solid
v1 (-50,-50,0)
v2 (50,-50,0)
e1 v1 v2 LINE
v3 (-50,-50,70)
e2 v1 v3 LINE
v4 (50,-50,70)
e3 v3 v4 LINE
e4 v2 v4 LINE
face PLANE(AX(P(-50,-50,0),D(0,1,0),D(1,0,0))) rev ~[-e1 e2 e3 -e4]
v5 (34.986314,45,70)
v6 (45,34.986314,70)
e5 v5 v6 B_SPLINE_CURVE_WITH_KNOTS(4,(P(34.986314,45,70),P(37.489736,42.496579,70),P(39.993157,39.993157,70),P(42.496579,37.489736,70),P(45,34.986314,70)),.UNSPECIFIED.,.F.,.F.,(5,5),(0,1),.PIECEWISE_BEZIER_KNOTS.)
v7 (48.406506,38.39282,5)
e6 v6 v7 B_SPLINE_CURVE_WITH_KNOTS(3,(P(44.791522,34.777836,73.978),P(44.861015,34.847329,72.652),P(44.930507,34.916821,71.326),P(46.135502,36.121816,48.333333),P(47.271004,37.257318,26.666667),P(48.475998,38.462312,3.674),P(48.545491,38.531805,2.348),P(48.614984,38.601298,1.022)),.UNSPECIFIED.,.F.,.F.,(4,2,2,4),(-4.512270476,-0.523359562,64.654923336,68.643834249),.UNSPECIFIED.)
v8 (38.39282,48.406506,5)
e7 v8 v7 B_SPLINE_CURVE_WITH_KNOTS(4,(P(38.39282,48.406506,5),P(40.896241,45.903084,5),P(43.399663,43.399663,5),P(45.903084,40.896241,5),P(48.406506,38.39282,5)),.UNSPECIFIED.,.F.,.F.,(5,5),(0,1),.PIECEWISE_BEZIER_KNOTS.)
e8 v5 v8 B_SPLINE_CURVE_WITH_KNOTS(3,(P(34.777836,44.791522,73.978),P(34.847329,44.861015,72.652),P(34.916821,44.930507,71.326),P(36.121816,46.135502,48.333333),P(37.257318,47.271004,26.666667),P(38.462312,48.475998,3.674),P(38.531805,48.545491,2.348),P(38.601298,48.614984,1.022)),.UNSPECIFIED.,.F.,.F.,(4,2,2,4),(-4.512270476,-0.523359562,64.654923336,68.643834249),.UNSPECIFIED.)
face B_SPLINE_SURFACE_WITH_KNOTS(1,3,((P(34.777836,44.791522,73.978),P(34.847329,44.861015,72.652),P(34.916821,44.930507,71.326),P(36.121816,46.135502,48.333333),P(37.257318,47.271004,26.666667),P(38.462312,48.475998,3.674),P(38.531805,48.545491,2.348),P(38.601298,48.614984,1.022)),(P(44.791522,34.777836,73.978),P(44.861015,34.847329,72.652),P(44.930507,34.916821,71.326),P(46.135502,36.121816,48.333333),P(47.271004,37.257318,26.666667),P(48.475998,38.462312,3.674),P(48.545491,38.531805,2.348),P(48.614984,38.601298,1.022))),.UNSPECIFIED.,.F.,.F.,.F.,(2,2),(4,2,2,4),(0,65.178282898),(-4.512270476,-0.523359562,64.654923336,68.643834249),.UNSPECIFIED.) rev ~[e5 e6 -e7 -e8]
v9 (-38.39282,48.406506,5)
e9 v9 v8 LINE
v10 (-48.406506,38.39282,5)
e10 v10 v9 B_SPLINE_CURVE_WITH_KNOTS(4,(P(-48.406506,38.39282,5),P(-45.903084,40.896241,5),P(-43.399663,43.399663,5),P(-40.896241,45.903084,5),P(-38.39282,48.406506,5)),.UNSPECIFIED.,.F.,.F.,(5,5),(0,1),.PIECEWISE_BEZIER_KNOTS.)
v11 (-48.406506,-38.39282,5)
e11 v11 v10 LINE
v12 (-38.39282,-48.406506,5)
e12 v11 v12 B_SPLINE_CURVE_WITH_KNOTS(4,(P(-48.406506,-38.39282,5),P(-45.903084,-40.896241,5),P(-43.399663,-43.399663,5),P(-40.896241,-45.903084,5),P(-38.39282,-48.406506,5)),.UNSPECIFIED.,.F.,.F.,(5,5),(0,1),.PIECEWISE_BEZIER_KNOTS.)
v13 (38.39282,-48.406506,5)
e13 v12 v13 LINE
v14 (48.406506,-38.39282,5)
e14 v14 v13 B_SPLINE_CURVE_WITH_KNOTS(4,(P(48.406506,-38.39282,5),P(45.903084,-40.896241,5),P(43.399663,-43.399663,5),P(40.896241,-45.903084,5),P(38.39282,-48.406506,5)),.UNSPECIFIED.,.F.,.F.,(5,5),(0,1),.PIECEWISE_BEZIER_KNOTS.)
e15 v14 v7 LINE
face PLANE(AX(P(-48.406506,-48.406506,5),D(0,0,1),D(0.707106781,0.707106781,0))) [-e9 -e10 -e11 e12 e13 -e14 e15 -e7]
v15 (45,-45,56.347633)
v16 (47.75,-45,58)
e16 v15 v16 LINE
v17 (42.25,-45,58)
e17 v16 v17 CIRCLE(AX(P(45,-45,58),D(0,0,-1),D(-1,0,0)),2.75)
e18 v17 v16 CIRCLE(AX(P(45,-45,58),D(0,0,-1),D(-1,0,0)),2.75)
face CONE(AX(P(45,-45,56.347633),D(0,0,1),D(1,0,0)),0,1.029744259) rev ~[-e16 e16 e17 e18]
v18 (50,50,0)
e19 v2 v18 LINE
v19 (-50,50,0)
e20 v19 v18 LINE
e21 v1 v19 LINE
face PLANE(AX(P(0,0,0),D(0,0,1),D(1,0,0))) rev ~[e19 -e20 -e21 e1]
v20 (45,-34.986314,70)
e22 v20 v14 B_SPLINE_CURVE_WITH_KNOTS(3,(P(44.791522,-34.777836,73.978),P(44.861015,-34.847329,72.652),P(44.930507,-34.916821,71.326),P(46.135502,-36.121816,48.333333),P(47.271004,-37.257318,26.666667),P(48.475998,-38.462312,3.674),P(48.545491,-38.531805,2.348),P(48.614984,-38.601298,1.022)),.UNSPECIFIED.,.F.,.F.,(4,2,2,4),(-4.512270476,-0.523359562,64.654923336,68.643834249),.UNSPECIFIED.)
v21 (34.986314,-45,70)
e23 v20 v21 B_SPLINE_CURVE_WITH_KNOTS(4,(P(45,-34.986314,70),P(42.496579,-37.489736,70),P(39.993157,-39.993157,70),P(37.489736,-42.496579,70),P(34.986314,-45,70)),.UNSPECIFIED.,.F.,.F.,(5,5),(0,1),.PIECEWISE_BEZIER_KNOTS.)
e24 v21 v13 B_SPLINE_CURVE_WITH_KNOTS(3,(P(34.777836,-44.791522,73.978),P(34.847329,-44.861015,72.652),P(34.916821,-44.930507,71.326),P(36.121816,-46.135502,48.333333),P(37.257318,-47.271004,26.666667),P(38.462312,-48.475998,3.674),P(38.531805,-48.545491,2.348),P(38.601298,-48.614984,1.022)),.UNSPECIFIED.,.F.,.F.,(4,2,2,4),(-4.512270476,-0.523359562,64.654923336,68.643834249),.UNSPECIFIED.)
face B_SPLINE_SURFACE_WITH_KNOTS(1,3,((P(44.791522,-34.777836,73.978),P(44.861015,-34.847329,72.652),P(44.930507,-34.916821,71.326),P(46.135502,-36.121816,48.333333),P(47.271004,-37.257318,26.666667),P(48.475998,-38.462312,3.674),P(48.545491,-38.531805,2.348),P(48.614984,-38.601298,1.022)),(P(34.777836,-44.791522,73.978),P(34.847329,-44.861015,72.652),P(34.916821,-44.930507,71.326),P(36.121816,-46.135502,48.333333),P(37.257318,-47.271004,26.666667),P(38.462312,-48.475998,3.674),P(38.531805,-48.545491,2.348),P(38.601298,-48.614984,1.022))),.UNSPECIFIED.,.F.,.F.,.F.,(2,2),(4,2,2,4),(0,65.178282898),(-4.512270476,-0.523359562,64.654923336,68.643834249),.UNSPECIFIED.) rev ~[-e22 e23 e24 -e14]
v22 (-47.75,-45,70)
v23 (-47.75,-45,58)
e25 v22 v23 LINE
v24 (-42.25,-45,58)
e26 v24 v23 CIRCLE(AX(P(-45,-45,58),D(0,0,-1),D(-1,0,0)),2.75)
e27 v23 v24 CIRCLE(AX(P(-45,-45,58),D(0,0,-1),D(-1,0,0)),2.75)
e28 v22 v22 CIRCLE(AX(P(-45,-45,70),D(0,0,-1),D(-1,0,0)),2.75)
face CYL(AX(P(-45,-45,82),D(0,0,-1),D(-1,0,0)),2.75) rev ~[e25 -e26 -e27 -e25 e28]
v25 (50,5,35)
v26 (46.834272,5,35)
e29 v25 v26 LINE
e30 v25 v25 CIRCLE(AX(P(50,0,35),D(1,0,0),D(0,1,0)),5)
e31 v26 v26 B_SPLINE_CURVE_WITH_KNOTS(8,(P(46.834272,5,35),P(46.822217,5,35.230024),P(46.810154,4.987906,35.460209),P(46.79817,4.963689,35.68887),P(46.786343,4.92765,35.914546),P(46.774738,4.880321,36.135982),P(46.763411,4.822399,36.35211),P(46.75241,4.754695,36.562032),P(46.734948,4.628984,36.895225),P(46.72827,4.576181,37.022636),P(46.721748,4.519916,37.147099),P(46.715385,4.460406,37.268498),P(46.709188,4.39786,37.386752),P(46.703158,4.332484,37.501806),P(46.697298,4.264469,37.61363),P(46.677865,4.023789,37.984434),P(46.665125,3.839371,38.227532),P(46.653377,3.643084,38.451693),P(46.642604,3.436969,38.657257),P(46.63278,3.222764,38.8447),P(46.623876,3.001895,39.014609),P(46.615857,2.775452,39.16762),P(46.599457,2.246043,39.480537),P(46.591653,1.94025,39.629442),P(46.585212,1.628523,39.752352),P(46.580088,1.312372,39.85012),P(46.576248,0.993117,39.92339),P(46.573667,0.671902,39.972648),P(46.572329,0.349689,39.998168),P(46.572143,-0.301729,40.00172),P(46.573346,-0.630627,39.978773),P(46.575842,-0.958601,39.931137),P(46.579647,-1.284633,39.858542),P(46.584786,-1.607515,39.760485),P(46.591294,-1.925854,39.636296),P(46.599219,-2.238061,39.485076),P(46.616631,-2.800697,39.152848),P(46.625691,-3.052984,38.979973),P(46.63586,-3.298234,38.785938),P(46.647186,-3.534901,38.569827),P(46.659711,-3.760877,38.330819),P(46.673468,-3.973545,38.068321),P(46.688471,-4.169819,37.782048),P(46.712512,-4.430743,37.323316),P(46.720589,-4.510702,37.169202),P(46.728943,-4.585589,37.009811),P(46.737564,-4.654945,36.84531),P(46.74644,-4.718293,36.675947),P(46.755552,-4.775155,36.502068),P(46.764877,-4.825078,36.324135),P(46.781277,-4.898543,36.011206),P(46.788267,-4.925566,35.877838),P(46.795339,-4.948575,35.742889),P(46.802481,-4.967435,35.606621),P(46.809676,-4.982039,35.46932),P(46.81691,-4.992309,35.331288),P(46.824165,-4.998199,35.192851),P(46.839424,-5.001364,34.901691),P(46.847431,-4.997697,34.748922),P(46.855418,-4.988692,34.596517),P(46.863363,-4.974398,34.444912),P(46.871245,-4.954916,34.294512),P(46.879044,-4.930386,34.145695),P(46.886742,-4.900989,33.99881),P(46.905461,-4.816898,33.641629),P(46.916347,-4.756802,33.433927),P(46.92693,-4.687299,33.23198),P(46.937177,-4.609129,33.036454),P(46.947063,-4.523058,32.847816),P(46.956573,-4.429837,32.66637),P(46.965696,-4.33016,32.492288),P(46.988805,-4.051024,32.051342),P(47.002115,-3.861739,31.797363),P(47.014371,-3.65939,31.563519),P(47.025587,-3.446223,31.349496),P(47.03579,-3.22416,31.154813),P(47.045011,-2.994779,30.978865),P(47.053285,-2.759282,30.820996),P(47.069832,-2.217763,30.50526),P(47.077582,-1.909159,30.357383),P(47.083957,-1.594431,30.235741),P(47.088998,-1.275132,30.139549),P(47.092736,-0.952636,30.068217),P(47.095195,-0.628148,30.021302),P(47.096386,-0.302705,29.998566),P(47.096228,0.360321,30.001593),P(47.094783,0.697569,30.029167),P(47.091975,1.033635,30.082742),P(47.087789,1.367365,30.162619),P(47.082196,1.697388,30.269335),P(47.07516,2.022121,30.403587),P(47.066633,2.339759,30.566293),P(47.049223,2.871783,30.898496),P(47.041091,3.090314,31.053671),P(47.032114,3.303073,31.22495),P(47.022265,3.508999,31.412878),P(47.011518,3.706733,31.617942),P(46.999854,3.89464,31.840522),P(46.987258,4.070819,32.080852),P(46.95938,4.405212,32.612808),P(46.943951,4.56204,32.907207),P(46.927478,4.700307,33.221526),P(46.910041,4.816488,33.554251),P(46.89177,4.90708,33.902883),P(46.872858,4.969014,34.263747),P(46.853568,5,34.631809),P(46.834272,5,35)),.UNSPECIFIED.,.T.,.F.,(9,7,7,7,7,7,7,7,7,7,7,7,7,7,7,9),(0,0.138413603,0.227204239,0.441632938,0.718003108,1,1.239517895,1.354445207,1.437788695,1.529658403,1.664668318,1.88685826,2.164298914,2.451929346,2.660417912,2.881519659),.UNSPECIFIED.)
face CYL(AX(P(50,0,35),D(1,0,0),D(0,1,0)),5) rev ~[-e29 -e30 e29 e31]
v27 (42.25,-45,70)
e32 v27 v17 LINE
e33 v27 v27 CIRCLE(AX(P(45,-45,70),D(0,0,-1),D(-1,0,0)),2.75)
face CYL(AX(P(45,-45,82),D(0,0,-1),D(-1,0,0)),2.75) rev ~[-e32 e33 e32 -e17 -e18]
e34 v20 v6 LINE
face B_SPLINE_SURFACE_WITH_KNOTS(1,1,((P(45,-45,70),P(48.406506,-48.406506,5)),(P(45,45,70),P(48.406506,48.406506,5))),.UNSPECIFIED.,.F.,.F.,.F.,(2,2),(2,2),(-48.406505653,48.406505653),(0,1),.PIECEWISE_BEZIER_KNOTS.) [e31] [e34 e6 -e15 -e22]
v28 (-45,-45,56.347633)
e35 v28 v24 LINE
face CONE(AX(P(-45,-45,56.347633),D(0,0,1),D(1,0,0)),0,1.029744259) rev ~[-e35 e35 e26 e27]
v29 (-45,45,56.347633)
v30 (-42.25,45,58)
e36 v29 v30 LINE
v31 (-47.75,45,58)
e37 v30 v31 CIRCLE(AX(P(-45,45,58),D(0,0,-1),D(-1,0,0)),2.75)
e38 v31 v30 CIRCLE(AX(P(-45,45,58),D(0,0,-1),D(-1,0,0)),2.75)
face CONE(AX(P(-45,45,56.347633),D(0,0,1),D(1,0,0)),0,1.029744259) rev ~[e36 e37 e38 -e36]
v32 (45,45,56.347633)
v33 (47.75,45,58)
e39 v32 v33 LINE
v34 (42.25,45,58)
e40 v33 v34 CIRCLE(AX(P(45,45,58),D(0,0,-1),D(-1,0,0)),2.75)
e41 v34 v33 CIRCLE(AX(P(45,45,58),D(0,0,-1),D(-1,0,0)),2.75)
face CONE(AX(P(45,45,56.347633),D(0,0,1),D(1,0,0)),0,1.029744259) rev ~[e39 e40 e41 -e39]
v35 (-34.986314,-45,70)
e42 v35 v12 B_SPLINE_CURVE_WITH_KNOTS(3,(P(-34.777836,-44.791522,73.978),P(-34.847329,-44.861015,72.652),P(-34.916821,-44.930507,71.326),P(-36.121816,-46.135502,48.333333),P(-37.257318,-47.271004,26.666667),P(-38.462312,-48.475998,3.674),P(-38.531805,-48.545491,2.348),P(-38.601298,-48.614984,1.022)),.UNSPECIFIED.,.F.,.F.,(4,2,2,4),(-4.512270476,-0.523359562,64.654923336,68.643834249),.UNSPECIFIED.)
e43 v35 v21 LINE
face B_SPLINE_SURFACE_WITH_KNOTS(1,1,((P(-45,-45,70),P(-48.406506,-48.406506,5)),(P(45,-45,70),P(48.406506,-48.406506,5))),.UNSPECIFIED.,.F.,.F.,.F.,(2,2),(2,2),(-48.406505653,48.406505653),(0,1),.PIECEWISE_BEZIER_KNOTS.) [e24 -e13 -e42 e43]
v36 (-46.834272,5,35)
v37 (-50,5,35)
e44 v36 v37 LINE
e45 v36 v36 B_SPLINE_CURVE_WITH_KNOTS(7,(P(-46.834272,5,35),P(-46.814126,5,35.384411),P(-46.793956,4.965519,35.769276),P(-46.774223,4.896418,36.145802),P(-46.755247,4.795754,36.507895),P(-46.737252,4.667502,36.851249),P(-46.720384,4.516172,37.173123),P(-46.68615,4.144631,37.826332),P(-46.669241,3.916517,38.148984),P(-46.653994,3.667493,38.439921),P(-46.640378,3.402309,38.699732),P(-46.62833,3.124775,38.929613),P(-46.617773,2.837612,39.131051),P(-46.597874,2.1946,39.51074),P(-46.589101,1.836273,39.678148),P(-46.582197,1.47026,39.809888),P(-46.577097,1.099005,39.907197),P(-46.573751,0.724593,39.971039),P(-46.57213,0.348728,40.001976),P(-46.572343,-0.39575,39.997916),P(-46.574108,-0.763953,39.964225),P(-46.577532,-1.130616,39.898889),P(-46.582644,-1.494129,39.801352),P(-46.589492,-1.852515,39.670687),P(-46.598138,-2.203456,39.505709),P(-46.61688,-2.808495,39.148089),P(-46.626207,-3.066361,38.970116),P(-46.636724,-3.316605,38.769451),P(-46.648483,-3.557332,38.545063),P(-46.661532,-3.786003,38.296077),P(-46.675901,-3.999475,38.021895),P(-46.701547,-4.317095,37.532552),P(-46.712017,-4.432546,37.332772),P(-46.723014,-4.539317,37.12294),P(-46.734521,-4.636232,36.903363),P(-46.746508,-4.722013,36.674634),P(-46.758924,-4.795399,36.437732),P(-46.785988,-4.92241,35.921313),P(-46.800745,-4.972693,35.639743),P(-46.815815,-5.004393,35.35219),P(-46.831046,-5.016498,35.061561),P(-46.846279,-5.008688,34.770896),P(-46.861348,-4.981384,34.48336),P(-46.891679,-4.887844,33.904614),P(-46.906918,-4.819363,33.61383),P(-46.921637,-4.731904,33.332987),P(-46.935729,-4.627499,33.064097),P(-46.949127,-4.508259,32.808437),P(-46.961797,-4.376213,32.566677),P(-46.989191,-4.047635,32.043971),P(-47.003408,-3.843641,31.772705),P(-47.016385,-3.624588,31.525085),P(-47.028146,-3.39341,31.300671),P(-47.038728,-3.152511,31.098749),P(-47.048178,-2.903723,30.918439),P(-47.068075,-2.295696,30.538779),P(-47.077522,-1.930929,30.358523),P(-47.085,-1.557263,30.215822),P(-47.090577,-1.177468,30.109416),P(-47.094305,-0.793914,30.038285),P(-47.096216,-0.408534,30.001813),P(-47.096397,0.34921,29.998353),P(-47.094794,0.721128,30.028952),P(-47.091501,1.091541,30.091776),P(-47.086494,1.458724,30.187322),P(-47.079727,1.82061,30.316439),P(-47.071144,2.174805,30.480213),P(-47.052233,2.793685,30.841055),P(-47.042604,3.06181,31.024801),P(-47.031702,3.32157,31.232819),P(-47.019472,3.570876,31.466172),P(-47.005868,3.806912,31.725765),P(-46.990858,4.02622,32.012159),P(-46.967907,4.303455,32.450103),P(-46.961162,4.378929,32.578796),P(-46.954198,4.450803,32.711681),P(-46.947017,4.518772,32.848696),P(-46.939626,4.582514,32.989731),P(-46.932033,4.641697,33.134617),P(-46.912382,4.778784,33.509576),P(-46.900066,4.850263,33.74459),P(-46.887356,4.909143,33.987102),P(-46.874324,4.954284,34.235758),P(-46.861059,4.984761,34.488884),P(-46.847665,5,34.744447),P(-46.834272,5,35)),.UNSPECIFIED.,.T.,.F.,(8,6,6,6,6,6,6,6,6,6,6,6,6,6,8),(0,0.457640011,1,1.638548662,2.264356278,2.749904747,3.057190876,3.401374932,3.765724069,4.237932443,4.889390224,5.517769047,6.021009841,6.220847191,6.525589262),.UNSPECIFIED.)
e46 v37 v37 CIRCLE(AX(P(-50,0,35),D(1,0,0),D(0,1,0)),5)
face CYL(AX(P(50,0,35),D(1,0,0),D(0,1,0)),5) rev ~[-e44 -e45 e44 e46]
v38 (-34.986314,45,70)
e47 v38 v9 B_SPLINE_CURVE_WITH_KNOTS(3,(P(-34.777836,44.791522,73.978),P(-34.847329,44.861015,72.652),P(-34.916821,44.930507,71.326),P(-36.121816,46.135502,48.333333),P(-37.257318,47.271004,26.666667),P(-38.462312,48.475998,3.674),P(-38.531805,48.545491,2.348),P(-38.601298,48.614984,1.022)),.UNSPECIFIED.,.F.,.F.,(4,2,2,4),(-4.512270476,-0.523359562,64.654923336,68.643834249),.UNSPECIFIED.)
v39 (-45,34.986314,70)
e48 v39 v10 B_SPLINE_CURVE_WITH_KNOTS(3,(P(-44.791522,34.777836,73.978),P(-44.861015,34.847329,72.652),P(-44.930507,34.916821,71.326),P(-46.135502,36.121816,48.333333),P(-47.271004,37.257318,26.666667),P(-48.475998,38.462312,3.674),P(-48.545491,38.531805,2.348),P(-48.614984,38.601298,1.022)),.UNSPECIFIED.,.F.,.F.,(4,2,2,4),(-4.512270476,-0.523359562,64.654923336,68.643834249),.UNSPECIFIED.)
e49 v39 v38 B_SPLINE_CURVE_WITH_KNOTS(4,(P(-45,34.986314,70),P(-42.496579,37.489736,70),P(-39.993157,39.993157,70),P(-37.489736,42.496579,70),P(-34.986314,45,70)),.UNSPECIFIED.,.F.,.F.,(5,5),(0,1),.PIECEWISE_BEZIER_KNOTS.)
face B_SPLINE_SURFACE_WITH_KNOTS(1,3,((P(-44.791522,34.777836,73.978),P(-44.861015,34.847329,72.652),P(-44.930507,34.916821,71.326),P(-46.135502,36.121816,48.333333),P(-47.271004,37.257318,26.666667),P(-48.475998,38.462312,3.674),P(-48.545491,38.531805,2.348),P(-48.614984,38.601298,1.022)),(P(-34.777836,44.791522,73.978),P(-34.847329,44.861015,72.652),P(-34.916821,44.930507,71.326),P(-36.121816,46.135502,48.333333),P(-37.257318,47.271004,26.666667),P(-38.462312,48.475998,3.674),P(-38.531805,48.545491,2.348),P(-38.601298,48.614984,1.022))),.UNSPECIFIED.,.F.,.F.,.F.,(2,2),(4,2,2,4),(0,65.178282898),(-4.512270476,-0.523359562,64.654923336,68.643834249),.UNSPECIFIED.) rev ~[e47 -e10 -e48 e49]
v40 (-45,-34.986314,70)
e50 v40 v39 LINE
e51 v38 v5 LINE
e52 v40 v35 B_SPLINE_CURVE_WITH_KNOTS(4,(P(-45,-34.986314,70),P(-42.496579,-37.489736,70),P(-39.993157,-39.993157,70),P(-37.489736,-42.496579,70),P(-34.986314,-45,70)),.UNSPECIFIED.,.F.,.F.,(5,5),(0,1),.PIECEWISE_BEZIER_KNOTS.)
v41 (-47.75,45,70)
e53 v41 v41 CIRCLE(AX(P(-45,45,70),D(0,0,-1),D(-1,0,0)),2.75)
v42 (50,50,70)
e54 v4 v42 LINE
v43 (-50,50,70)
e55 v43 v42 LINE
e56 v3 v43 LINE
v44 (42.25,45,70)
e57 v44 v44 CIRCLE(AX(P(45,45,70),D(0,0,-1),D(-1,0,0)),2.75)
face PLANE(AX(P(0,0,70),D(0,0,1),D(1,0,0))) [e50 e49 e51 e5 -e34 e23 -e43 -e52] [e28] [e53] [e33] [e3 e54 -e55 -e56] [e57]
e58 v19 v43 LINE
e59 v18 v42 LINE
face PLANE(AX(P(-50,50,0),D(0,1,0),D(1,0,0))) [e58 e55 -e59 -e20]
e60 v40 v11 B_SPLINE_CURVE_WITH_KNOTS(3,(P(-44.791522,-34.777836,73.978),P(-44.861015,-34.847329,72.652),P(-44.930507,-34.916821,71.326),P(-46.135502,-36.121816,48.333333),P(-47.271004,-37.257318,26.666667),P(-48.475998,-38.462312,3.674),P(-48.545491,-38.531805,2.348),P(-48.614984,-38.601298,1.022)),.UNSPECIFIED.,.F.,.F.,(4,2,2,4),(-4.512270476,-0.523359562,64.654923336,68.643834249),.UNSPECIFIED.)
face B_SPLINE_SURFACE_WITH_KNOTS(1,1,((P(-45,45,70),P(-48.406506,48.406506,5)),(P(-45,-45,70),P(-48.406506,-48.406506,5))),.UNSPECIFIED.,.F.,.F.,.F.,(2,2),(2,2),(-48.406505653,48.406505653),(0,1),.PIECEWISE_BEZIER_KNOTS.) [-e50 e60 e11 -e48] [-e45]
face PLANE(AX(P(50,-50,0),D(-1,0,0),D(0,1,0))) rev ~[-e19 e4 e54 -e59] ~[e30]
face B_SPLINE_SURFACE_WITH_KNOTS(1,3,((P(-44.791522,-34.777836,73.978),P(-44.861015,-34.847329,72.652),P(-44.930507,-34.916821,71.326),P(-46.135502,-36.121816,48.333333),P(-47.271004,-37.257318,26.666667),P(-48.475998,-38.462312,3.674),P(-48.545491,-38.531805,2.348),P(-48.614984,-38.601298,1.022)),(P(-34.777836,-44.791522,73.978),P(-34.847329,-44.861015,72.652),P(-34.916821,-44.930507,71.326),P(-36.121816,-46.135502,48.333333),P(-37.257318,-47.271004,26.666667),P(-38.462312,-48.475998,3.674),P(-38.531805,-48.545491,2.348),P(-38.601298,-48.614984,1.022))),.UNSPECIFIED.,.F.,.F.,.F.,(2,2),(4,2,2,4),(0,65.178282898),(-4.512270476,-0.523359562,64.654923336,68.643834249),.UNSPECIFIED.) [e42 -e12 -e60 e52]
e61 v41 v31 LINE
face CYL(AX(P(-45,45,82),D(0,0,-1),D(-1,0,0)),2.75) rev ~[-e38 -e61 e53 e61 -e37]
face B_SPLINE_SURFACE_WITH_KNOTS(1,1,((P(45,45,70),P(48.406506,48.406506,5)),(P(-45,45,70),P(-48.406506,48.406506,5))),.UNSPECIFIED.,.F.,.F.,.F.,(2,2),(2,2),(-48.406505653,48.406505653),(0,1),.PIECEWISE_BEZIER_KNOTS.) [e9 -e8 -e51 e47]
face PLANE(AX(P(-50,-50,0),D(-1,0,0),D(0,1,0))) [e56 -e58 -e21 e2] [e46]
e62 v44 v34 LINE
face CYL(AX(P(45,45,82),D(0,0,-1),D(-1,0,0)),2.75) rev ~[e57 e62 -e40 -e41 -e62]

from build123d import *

# Parameters (mm, degrees)
F0_W       = 100
F0_H       = 100
F1_DEPTH   = 70
F2_W       = 90
F2_H       = 90
F3_DEPTH   = 65
F3_TAPER   = -3
F4_R       = 5
F1_FACE2_W = 100
F1_FACE2_H = 70
F5_DEPTH   = 100.001
F6_SIZE    = 10
F7_D       = 5.5
F7_DEPTH   = 12
F7_TIP     = 1.6523667023


with BuildPart() as f1:
    # F0 (on Top) → F1 (new body)
    with BuildSketch(Plane.XY):
        Rectangle(F0_W, F0_H)
    extrude(amount=F1_DEPTH)

    # F2 (on face) → F3 (cut)
    with BuildSketch(Plane.XY.offset(70)):
        Rectangle(F2_W, F2_H)
    extrude(amount=-F3_DEPTH, taper=F3_TAPER, mode=Mode.SUBTRACT)

    # F4 (on face) + F1_face2 (on face) → F5 (cut, through all)
    with BuildSketch(Plane.YZ.offset(50)):
        with Locations((0, 35)):
            Circle(F4_R)
    with BuildSketch(Plane(origin=(-50, 0, 35), x_dir=(0, -1, 0), z_dir=(-1, 0, 0))):
        Rectangle(F1_FACE2_W, F1_FACE2_H)
    extrude(amount=-F5_DEPTH, dir=(1, 0, 0), mode=Mode.SUBTRACT)

    # F6
    f6_edges = [f1.edges().sort_by_distance(p)[0] for p in [
        (46.703253, 46.703253, 37.5),
        (-46.703253, 46.703253, 37.5),
        (-46.703253, -46.703253, 37.5),
        (46.703253, -46.703253, 37.5),
    ]]
    chamfer(f6_edges, length=F6_SIZE)

    # F7
    with Locations(Plane.XY.offset(70)):
        with Locations((-45, -45), (-45, 45), (45, 45), (45, -45)):
            Hole(F7_D / 2, depth=F7_DEPTH)
            with Locations((0, 0, -(F7_DEPTH + F7_TIP / 2))):  # 118° drill point
                Cone(0, F7_D / 2, F7_TIP, mode=Mode.SUBTRACT)


solid = f1.part
